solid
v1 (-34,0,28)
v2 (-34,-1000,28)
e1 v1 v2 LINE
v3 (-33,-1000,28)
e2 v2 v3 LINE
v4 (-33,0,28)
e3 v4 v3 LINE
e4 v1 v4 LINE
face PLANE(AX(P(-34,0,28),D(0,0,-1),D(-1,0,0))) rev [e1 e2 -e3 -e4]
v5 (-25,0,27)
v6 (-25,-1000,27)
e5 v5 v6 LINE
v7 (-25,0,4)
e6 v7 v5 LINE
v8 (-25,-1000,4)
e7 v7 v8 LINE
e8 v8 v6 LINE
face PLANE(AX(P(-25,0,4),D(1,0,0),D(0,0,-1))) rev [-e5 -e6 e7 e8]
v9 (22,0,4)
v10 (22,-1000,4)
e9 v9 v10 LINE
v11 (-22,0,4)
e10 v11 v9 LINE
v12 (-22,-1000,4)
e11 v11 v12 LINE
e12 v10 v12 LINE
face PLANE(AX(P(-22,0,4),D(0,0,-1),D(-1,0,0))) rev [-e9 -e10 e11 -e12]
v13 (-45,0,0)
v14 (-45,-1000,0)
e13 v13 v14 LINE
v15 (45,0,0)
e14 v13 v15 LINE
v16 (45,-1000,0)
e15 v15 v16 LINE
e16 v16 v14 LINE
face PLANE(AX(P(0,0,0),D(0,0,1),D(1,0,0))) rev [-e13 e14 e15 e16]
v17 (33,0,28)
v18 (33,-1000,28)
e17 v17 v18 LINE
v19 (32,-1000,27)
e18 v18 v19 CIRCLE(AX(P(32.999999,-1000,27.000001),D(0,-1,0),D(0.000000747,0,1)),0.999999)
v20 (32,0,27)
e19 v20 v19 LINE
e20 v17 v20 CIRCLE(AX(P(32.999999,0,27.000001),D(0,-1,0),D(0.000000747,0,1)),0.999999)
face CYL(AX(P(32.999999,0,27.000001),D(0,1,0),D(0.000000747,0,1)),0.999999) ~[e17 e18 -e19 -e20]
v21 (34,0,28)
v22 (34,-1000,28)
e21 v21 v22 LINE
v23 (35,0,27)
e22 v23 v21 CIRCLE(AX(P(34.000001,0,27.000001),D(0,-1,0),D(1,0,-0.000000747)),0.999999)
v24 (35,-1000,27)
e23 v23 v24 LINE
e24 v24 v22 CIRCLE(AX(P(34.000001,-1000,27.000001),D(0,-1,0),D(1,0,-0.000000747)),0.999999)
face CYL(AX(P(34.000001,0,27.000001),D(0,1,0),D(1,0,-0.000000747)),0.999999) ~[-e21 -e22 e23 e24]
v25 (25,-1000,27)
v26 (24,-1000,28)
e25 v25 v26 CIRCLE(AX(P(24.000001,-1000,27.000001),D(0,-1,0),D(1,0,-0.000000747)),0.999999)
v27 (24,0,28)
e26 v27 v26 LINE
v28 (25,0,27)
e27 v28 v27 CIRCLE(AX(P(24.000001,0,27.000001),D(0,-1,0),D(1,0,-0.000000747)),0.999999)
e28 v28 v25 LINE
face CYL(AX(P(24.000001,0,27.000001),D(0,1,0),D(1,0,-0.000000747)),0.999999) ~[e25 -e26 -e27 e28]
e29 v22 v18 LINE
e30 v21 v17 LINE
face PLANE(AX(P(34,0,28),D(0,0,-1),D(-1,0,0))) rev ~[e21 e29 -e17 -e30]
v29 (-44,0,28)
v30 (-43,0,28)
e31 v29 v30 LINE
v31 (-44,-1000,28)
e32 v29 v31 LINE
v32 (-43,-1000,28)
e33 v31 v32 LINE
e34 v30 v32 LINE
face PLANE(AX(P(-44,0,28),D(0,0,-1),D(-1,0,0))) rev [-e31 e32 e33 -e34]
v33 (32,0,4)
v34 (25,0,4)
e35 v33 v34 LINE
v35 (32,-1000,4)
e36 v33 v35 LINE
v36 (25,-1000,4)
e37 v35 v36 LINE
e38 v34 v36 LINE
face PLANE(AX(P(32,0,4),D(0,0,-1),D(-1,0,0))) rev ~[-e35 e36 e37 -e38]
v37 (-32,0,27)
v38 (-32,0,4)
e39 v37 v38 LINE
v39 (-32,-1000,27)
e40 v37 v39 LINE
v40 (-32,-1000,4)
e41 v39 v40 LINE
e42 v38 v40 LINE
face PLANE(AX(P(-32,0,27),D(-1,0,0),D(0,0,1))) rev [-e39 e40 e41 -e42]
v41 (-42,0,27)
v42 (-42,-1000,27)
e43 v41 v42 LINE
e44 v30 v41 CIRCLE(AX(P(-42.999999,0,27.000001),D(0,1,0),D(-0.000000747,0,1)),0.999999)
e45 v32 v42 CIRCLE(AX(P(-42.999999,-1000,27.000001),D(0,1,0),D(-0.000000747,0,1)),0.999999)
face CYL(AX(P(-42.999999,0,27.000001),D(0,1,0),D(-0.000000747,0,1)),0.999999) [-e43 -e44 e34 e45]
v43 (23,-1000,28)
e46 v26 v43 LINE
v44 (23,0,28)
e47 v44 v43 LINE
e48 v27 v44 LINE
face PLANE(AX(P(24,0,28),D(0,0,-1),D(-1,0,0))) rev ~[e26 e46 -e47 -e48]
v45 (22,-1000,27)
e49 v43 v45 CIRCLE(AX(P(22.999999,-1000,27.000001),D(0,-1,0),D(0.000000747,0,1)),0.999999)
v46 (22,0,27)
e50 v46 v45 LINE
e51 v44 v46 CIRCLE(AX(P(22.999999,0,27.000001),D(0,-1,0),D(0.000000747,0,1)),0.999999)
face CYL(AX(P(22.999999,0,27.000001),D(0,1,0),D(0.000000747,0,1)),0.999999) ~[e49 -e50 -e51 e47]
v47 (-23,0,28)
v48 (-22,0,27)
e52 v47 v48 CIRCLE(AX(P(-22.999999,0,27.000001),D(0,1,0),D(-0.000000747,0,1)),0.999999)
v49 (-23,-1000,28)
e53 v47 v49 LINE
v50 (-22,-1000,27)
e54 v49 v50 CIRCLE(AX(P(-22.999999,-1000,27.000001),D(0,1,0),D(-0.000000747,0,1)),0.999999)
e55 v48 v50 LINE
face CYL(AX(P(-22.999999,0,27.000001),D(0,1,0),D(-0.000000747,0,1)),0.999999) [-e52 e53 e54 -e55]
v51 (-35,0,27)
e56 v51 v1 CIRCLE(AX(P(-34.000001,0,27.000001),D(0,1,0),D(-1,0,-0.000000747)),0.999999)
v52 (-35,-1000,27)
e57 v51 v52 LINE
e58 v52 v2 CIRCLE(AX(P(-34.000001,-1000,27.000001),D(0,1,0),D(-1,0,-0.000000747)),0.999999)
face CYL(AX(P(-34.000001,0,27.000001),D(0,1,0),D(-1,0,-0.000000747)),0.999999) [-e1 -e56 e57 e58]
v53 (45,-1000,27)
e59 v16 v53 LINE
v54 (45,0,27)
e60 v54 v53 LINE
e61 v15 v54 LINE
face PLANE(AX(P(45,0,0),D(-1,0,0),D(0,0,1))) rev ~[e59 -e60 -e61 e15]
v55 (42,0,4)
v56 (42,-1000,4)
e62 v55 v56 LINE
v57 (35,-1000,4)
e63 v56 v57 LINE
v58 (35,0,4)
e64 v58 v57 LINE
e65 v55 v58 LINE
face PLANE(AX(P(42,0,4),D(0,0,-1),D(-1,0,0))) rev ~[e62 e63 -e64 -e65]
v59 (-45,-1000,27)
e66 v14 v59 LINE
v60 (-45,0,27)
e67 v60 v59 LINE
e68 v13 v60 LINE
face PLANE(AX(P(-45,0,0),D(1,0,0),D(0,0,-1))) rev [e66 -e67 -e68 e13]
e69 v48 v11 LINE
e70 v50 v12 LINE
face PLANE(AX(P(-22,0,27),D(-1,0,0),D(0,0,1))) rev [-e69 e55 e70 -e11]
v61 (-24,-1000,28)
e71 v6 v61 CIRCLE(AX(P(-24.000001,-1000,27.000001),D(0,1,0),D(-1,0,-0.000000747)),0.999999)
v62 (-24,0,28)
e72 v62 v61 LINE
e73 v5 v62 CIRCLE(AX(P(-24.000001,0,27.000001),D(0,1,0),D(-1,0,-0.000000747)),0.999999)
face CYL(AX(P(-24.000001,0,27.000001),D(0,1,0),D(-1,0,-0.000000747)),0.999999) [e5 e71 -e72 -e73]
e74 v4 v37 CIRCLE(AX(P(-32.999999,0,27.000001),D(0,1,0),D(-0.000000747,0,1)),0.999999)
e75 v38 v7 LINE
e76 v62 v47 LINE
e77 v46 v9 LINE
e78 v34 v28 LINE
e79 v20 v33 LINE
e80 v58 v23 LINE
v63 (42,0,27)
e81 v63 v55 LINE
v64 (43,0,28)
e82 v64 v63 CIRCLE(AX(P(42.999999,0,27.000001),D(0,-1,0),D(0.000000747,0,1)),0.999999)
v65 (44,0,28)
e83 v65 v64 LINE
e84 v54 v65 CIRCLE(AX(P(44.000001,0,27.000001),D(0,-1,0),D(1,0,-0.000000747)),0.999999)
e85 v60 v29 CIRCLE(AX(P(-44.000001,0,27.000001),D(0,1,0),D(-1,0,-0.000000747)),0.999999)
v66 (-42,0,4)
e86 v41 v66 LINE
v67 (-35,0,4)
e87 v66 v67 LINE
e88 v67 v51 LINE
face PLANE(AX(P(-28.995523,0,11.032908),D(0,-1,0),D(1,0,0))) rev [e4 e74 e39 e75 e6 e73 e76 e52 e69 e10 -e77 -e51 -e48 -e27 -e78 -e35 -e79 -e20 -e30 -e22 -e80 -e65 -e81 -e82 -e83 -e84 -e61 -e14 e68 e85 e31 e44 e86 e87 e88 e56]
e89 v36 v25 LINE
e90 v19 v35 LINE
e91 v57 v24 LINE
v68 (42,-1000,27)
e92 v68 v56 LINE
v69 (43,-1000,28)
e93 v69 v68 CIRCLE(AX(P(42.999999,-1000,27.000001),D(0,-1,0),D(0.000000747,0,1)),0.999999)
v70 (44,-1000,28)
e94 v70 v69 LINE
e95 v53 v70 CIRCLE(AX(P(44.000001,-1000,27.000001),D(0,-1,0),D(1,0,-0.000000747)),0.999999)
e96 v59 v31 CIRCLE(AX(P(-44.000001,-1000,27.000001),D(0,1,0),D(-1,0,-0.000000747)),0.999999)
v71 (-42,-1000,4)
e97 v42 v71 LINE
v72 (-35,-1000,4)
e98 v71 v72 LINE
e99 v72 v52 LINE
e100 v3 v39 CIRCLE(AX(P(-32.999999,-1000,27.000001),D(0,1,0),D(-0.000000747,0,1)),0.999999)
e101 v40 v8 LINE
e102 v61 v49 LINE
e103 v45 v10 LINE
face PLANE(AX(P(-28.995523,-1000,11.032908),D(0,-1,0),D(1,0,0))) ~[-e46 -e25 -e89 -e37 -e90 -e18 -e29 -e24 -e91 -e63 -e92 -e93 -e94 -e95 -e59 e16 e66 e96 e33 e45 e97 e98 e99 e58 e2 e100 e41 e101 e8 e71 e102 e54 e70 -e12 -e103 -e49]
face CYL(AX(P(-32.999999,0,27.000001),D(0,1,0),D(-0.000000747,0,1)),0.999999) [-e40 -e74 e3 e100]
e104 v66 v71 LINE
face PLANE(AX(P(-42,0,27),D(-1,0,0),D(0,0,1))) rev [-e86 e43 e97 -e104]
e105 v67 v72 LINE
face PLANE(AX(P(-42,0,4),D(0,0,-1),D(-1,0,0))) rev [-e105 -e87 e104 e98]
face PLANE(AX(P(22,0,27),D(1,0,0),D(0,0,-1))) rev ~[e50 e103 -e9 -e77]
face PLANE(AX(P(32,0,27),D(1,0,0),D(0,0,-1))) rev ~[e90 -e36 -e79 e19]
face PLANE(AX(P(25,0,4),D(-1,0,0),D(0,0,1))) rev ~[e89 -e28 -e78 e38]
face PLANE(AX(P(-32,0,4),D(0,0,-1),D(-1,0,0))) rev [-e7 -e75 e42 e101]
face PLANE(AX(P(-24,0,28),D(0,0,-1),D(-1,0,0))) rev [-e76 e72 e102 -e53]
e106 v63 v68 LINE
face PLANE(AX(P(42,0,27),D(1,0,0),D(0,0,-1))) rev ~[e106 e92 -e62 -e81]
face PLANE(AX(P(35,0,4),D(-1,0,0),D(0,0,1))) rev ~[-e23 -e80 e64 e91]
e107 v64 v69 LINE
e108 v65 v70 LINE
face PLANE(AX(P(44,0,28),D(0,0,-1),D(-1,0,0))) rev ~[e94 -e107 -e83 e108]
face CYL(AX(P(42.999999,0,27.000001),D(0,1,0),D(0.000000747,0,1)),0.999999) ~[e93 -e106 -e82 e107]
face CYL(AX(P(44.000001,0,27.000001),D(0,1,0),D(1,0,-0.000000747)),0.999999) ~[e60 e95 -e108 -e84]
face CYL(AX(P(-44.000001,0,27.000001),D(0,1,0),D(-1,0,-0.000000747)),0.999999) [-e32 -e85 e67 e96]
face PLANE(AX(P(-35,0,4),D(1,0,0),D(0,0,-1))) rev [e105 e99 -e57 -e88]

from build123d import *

# Parameters (mm, degrees)
F1_DEPTH = 1000


with BuildPart() as f1:
    # F0 (on Front) → F1 (new body)
    with BuildSketch(Plane.XZ):
        with BuildLine():
            Line((0, 4), (0, 0))
            Line((0, 0), (45, 0))
            Line((45, 0), (45, 4))
            Line((45, 4), (45, 27))
            ThreePointArc((45, 27), (44.707107, 27.707107), (44, 28))
            Line((44, 28), (43, 28))
            ThreePointArc((43, 28), (42.292893, 27.707107), (42, 27))
            Line((42, 27), (42, 4))
            Line((42, 4), (35, 4))
            Line((35, 4), (35, 27))
            ThreePointArc((35, 27), (34.707107, 27.707107), (34, 28))
            Line((34, 28), (33, 28))
            ThreePointArc((33, 28), (32.292893, 27.707107), (32, 27))
            Line((32, 27), (32, 4))
            Line((32, 4), (25, 4))
            Line((25, 4), (25, 27))
            ThreePointArc((25, 27), (24.707107, 27.707107), (24, 28))
            Line((24, 28), (23, 28))
            ThreePointArc((23, 28), (22.292893, 27.707107), (22, 27))
            Line((22, 27), (22, 4))
            Line((22, 4), (0, 4))
        make_face()
    extrude(amount=F1_DEPTH)

    # F2: F1 across plane


with BuildPart() as f1_1:
    add(f1.part)
    add(f1.part.mirror(Plane.YZ))


solid = f1_1.part
